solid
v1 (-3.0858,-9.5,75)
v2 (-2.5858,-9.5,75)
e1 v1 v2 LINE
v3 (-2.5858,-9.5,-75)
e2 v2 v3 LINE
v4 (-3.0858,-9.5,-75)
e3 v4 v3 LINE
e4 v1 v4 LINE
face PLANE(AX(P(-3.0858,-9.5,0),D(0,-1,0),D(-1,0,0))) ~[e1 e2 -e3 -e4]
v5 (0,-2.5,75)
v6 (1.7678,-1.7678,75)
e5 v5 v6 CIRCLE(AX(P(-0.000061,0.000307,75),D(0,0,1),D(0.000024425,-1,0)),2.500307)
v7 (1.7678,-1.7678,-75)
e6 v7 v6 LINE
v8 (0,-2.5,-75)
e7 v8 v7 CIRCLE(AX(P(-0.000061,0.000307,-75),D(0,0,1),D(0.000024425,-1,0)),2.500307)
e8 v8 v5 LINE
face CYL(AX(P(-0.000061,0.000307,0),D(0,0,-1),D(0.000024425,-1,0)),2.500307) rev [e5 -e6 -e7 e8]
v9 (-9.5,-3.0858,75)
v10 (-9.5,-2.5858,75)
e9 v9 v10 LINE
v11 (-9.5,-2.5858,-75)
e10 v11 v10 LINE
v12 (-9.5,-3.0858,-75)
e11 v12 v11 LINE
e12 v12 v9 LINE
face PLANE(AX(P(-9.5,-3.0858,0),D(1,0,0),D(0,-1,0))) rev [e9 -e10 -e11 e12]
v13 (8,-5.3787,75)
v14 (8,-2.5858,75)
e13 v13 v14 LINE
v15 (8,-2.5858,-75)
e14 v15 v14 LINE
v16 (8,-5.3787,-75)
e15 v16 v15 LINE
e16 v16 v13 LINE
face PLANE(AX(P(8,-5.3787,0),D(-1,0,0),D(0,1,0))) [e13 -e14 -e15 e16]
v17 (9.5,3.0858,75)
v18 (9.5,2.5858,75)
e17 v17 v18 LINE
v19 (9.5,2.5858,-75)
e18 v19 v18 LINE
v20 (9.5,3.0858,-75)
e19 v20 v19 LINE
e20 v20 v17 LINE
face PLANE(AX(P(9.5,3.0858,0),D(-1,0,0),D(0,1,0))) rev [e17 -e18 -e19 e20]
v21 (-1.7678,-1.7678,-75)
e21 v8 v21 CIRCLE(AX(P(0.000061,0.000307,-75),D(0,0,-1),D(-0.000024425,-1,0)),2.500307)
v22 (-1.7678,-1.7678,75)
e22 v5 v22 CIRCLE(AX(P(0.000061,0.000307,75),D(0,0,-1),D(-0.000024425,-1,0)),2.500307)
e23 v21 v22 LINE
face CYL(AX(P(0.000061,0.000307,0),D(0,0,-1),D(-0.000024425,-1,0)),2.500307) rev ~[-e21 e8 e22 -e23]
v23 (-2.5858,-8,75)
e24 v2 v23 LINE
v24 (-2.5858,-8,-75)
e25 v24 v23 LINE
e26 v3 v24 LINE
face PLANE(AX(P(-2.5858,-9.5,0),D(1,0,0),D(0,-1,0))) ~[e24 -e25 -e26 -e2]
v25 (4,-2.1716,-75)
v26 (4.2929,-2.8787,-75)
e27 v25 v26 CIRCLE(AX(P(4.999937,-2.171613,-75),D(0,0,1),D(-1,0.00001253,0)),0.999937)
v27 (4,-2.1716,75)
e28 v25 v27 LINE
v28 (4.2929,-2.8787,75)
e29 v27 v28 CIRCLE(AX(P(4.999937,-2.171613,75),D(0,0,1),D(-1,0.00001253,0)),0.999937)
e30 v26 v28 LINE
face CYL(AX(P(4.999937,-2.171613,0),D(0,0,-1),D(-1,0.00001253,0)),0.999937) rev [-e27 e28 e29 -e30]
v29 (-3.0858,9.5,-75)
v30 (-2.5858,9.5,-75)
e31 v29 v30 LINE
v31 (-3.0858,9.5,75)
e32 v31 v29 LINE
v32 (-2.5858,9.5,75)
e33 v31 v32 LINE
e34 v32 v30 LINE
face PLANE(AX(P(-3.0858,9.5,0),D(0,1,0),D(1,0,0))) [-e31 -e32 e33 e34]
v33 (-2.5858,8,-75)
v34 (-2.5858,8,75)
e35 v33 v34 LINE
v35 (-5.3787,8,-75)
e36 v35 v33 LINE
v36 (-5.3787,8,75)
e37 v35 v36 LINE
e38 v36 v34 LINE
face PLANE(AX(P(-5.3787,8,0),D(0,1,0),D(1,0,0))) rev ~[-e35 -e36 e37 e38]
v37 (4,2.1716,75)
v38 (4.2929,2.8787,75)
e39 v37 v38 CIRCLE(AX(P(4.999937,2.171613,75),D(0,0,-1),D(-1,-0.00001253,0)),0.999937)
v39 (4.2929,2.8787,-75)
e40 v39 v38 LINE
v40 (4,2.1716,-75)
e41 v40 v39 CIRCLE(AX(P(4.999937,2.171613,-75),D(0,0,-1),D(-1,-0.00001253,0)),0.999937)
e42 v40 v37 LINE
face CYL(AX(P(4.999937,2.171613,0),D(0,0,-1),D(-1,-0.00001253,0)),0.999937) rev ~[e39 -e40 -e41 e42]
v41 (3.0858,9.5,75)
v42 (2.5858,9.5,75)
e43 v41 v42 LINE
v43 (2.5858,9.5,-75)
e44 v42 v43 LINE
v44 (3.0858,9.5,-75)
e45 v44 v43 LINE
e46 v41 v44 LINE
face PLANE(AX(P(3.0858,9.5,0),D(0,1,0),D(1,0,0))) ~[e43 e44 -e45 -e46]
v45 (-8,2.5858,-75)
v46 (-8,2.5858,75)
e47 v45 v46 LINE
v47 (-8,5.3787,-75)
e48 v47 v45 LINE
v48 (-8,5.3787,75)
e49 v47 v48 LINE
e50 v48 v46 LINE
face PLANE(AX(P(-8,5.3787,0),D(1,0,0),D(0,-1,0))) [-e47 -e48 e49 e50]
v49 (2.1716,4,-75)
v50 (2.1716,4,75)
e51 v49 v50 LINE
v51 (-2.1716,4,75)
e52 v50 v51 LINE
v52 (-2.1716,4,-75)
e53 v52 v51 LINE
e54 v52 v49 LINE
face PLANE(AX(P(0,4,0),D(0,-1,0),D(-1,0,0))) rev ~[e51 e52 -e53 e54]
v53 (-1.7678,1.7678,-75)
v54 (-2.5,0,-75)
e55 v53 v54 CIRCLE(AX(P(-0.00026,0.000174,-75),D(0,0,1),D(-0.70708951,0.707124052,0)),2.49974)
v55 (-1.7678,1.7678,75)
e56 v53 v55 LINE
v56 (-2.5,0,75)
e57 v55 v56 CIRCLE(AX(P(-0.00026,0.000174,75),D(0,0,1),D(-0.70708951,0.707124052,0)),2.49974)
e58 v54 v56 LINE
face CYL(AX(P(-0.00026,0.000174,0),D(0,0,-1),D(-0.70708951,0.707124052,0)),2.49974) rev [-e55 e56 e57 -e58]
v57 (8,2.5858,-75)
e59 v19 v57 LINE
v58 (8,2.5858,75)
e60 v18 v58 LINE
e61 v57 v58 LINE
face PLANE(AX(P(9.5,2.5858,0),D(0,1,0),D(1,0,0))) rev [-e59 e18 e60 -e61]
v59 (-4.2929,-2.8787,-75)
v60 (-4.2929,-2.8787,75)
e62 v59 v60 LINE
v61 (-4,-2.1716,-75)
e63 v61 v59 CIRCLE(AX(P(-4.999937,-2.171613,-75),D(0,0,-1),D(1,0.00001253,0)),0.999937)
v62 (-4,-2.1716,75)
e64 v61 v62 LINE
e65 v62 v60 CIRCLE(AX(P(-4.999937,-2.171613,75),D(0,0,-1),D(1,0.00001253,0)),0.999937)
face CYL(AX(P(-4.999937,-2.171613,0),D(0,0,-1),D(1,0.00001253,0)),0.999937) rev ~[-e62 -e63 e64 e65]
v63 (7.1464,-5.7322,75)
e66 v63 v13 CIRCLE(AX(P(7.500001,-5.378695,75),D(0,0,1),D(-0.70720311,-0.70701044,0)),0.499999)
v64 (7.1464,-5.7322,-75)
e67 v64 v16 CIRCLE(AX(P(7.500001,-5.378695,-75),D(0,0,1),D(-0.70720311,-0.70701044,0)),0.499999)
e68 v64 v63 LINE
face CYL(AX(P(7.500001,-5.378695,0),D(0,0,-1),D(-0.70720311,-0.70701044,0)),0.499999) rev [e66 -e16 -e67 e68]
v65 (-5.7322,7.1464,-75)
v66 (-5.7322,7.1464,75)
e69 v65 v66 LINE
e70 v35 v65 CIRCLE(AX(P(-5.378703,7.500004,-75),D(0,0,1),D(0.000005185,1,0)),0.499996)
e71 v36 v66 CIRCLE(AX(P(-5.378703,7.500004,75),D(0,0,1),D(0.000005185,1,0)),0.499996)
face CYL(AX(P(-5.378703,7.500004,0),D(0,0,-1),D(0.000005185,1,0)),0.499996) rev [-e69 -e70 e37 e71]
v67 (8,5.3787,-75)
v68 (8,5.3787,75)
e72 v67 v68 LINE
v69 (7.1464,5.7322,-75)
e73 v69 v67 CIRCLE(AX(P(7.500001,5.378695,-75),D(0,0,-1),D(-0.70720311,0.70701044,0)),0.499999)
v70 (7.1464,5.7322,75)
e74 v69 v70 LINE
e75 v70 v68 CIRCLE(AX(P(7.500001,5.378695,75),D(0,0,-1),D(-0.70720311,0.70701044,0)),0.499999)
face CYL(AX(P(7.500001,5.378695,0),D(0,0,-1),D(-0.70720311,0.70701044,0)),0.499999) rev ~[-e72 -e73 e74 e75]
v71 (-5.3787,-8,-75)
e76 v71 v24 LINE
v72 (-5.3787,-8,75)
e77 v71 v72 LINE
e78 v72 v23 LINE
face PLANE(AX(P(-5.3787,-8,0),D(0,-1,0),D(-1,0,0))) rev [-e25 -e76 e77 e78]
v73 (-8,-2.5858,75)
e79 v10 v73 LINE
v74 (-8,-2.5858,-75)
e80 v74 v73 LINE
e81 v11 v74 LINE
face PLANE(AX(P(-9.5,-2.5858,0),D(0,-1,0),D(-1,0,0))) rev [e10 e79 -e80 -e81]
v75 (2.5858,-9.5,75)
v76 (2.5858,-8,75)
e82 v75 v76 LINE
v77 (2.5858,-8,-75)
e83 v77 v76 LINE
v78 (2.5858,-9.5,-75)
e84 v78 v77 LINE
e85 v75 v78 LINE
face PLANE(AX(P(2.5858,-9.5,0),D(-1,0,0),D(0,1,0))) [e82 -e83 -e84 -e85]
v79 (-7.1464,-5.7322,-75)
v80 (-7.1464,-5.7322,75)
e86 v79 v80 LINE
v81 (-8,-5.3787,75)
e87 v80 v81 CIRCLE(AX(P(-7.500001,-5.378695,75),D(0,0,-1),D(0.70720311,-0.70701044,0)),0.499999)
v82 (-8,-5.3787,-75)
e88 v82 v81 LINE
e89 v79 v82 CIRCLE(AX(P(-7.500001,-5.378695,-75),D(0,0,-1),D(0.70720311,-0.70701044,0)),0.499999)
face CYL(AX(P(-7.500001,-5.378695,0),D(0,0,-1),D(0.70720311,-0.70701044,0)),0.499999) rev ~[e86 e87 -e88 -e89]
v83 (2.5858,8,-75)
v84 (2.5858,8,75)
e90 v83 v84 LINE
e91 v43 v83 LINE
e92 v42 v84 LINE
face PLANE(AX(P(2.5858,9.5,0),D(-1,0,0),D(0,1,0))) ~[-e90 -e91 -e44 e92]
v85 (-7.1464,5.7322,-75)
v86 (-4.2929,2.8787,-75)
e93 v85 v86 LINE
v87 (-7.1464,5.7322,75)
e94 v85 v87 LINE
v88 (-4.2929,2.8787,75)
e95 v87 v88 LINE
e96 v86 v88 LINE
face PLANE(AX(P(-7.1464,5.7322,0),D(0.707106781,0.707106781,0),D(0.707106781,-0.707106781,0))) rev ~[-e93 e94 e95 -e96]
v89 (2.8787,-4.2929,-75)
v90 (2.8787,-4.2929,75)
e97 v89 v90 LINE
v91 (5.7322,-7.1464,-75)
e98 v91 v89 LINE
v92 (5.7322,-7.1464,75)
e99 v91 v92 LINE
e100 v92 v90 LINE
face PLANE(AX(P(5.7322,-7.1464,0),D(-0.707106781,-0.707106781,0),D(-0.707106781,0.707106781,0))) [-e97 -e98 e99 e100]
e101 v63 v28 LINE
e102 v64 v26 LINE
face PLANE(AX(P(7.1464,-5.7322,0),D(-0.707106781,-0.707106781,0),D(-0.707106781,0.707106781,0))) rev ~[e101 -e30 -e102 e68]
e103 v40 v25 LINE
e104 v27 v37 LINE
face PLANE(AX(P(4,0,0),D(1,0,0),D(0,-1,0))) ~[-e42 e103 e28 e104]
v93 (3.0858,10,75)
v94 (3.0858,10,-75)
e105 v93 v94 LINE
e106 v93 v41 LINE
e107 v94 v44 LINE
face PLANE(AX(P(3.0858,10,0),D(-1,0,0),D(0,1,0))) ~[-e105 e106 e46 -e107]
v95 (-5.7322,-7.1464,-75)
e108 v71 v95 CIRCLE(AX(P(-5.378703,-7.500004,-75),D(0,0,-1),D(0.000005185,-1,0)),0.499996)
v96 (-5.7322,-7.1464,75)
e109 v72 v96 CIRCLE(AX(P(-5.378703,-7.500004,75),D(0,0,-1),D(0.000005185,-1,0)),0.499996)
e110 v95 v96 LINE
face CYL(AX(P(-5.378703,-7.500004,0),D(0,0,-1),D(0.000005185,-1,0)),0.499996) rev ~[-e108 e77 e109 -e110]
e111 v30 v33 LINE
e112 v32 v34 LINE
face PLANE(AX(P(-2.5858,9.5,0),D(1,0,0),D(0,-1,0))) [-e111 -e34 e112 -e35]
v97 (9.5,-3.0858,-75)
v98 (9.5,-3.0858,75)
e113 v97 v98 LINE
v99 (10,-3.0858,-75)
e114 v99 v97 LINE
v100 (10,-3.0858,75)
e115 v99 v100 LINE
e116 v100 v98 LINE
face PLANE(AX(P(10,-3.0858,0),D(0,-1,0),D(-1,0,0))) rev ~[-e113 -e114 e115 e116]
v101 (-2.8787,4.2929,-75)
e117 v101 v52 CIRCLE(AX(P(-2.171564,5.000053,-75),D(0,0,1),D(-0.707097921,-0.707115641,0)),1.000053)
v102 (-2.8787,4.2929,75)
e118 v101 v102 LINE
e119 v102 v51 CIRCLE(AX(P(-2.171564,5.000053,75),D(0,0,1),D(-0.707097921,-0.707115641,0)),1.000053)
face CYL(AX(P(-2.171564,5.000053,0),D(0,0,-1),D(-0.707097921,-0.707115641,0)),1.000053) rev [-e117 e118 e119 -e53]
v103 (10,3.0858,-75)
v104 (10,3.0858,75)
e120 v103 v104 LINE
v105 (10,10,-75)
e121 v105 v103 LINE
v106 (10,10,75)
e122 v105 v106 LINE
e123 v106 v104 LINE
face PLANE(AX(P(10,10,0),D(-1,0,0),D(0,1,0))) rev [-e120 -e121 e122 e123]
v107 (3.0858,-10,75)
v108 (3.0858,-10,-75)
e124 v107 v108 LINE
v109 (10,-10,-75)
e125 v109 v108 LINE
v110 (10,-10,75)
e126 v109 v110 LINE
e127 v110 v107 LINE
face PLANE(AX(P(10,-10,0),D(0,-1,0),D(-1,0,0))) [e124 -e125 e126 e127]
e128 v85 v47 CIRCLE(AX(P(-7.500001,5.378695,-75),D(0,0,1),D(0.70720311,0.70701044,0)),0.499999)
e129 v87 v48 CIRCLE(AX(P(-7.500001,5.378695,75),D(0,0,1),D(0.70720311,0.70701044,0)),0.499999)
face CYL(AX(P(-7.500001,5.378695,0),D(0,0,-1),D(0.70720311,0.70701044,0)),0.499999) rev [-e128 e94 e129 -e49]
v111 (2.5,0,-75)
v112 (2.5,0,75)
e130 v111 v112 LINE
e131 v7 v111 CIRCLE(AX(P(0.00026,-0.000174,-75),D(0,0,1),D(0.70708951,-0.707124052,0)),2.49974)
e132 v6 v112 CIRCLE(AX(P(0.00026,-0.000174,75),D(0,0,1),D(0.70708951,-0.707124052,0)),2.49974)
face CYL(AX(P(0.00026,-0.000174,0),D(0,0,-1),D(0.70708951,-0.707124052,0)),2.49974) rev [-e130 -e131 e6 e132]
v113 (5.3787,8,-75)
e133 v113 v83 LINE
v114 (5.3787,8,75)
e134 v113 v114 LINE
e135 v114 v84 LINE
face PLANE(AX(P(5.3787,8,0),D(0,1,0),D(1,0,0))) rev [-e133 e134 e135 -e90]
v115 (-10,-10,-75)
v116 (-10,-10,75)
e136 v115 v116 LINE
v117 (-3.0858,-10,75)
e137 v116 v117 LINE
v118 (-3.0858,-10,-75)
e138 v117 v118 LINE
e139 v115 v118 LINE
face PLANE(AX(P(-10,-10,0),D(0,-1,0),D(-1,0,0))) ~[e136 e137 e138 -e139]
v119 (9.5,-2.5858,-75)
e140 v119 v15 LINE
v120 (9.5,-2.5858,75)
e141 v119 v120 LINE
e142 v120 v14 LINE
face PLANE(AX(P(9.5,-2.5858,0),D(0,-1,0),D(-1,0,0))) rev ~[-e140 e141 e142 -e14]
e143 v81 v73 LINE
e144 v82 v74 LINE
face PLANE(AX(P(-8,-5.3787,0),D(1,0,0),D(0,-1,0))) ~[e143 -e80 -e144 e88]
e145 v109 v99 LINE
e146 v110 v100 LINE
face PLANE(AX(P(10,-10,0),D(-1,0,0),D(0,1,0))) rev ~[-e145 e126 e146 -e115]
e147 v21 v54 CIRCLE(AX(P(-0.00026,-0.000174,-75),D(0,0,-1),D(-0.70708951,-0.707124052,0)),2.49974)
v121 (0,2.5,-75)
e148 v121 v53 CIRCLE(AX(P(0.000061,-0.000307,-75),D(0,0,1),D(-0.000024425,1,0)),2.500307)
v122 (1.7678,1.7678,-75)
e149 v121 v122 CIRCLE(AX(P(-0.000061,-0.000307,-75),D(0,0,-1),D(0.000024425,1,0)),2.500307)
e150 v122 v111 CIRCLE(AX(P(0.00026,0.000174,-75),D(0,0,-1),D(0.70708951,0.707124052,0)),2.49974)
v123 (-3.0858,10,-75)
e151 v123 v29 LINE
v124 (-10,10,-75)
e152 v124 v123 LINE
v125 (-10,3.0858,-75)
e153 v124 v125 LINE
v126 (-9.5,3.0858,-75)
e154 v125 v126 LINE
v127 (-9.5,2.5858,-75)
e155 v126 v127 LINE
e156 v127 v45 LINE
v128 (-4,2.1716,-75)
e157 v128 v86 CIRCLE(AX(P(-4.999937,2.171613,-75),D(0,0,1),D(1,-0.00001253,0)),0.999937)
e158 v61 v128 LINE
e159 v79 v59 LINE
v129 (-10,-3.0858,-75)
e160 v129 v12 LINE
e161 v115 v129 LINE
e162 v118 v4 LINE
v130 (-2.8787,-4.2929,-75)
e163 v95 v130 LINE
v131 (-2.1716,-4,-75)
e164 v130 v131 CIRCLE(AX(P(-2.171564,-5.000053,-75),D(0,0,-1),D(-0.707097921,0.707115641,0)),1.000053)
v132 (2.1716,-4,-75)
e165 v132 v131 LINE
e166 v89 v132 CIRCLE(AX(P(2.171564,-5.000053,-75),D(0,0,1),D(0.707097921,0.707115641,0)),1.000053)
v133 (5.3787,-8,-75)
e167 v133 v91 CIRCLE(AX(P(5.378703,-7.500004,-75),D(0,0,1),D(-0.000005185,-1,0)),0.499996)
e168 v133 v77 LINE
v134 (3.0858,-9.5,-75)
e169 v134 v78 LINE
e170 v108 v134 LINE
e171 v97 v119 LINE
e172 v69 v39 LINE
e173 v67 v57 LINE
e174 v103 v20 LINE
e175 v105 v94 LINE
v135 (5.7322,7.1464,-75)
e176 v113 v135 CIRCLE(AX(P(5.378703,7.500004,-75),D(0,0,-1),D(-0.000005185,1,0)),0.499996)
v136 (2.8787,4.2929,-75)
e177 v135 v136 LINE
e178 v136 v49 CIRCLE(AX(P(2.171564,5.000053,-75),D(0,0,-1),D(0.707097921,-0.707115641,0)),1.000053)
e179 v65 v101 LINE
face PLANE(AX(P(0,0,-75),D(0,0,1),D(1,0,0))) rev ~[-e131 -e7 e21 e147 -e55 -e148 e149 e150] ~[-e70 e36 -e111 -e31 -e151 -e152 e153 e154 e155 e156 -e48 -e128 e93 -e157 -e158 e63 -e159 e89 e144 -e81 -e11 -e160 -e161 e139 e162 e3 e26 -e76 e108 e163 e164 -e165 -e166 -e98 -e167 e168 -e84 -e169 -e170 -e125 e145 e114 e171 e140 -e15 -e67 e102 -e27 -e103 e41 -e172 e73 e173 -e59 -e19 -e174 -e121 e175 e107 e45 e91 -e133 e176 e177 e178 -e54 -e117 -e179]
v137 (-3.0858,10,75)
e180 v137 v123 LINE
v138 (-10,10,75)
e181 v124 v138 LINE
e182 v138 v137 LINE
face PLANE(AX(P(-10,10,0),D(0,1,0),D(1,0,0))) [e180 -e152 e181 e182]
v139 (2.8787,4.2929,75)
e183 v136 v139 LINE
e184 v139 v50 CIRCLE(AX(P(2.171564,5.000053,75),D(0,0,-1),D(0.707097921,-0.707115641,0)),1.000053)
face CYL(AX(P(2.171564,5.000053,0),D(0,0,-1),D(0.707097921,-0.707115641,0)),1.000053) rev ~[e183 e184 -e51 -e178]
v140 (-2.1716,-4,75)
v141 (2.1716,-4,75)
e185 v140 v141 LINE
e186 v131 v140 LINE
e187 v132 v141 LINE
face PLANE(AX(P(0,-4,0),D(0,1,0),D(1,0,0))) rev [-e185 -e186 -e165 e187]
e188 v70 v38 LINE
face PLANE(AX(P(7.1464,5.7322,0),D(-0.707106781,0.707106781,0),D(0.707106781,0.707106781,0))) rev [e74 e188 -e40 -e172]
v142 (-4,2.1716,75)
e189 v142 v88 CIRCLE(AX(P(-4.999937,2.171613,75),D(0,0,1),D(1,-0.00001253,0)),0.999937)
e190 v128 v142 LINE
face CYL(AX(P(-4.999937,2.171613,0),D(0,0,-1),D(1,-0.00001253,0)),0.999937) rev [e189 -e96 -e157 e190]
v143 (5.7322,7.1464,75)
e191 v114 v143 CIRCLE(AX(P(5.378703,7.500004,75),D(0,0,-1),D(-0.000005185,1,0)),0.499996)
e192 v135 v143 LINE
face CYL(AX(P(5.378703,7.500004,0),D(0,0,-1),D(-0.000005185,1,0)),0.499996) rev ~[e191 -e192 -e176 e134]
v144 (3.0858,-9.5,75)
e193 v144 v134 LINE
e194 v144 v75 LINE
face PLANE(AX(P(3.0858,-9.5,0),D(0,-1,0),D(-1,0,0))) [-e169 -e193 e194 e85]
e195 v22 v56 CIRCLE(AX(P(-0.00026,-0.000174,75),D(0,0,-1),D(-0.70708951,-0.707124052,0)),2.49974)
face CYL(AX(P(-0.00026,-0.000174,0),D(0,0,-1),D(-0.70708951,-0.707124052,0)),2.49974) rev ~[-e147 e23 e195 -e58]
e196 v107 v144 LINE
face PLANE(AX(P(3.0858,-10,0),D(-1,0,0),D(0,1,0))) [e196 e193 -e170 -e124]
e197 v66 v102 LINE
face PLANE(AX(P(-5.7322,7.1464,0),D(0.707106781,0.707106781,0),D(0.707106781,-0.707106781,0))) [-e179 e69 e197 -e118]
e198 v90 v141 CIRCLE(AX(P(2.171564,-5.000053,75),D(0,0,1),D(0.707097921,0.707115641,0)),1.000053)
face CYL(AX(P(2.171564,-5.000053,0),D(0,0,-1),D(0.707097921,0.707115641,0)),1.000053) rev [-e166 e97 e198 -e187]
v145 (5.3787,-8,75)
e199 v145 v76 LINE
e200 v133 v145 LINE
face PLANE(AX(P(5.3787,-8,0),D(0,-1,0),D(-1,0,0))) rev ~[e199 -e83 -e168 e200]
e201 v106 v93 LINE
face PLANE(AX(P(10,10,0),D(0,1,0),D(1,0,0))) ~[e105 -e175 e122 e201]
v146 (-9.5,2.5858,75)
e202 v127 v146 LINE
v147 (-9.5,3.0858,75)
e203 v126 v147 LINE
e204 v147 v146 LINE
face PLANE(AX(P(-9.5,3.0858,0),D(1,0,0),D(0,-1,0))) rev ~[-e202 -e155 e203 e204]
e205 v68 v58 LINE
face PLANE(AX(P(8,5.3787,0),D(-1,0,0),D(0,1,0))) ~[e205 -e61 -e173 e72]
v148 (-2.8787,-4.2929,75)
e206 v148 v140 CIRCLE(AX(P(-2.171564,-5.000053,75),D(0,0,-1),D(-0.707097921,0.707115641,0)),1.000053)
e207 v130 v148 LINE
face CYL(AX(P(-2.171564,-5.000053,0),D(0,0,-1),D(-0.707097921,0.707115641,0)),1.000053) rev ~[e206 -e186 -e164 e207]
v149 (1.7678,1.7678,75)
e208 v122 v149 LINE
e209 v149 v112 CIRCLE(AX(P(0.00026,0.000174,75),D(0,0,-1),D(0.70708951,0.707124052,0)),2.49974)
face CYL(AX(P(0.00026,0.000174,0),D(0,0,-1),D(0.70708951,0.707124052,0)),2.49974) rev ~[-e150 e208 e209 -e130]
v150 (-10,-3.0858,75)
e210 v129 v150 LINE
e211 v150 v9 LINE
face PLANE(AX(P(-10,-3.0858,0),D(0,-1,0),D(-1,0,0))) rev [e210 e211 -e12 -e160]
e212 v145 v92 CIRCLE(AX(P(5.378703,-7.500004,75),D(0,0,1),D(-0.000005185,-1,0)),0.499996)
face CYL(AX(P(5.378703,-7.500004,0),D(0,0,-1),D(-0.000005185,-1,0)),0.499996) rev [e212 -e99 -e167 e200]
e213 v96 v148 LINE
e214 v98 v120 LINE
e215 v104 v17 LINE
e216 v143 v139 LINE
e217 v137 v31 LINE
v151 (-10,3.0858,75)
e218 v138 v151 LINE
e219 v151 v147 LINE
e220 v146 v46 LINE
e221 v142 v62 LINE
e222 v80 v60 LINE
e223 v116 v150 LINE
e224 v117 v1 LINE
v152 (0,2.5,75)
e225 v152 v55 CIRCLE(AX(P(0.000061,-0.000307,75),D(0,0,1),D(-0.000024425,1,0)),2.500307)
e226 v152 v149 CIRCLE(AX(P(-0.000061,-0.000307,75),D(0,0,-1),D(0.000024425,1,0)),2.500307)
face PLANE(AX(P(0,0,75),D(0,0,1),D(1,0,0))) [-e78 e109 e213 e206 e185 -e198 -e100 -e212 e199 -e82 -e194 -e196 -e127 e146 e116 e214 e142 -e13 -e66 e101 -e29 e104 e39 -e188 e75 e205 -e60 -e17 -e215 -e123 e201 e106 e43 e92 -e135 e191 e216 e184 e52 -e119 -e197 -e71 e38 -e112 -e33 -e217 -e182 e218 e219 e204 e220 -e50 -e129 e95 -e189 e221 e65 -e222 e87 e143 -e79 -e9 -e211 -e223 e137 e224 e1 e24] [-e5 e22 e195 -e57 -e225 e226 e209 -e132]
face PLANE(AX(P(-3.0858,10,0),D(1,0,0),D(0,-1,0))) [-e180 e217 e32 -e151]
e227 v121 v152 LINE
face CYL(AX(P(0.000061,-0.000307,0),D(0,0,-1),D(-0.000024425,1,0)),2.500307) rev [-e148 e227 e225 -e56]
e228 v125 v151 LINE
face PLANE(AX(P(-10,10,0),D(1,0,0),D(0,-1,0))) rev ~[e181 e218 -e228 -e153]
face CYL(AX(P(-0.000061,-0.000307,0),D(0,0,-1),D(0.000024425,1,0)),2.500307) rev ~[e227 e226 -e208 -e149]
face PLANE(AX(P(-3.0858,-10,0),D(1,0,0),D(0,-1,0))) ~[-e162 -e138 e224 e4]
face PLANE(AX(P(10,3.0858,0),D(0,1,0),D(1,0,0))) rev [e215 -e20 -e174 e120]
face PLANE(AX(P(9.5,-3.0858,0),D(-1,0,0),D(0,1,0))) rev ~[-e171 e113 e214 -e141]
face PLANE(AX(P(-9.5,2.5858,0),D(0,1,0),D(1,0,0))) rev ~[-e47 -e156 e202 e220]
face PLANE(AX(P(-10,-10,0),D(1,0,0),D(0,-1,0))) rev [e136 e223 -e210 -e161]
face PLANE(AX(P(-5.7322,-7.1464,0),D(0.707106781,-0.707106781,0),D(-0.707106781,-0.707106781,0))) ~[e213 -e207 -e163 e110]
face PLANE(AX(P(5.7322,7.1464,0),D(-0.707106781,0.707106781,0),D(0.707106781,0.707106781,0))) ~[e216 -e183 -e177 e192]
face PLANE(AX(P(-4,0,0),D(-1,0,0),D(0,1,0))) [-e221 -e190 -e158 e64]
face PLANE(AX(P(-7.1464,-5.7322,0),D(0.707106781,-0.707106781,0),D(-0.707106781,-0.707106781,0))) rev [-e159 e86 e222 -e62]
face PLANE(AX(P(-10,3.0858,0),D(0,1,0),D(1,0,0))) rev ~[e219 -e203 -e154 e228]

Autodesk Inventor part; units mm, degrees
sketch "Sketch1" plane through (0, 0, 0) normal (0, 0, 1) x (1, 0, 0)
  line L0 (-10, 10) -> (10, 10) construction
  circle A0 centre (0, 0) radius 2.5 construction
  line L1 (4, 4) -> (-4, 4) construction
  line L2 (0, 0) -> (-10, 10) construction
  line L3 (-2.5858, 4) -> (-6.5858, 8) construction
  line L4 (-10, 10) -> (-4, 4)
  line L5 (-6.5858, 8) -> (-2.5858, 8) construction
  line L6 (-2.5858, 8) -> (-2.5858, 10) construction
  line L7 (-2.5858, 10) -> (-3.0858, 10) construction
  line L8 (-3.0858, 10) -> (-3.0858, 9.5)
  line L9 (-3.0858, 9.5) -> (-2.5858, 9.5)
  line L10 (-2.5858, 9.5) -> (-2.5858, 10) construction
  line L11 (-2.5858, 9.5) -> (-2.5858, 8)
  line L12 (-10, 10) -> (-3.0858, 10)
  line L13 (-4, 4) -> (-4, 0) construction
  line L14 (-10, 10) -> (-16.9142, 10)
  line L15 (0, 4) -> (-2.5858, 4)
  arc A1 (0, 2.5) -> (-1.7678, 1.7678) centre (0, 0) ccw
  line L16 (-4, 4) -> (-1.7678, 1.7678)
  line L17 (0, 4) -> (0, 2.5)
  circle A2 centre (0, 0) radius 2.5 construction
  line L18 (-4, -4) -> (-4, 4) construction
  line L19 (-4, 2.5858) -> (-8, 6.5858) construction
  line L20 (-8, 6.5858) -> (-8, 2.5858) construction
  line L21 (-8, 2.5858) -> (-10, 2.5858) construction
  line L22 (-10, 2.5858) -> (-10, 3.0858) construction
  line L23 (-10, 3.0858) -> (-9.5, 3.0858)
  line L24 (-9.5, 3.0858) -> (-9.5, 2.5858)
  line L25 (-9.5, 2.5858) -> (-10, 2.5858) construction
  line L26 (-9.5, 2.5858) -> (-8, 2.5858)
  line L27 (-10, 10) -> (-10, 3.0858)
  line L28 (-4, 4) -> (0, 4) construction
  line L29 (-10, 10) -> (-10, 16.9142)
  line L30 (-4, 0) -> (-4, 2.5858)
  arc A3 (-1.7678, 1.7678) -> (-2.5, 0) centre (0, 0) ccw
  line L31 (-4, 0) -> (-2.5, 0)
  arc A4 (-5.3787, 8) -> (-5.7322, 7.1464) centre (-5.3787, 7.5) ccw
  arc A5 (-7.1464, 5.7322) -> (-8, 5.3787) centre (-7.5, 5.3787) ccw
  arc A6 (-2.8787, 4.2929) -> (-2.1716, 4) centre (-2.1716, 5) ccw
  arc A7 (-4, 2.1716) -> (-4.2929, 2.8787) centre (-5, 2.1716) ccw
  line L32 (-8, 5.3787) -> (-8, 2.5858)
  line L33 (-7.1464, 5.7322) -> (-4.2929, 2.8787)
  line L34 (-5.7322, 7.1464) -> (-2.8787, 4.2929)
  line L35 (-5.3787, 8) -> (-2.5858, 8)
  point P0 (0, 10)
  point P1 (-10, 0)
  point P2 (-2.1716, 4)
  dimension "d0" = 20
  dimension "d1" = 10
  dimension "d2" = 5
  dimension "d3" = 6
  dimension "d20" = 1
  dimension "d21" = 2
  dimension "d25" = 0.5
  dimension "d38" = 0.5
  dimension "d39" = 1
extrude "Extrusion1" add sketch "Sketch1" along normal mid plane 150
mirror "Mirror1" about plane through (0, 0, 0) normal (1, 0, 0) of "Extrusion1"
mirror "Mirror2" about plane through (0, 0, 0) normal (0, 1, 0) of "Extrusion1", "Mirror1"
sketch "Sketch2" plane through (0, 0, 0) normal (0, 0, 1) x (1, 0, 0)
  point P0 (0, 0)
equation "\"d1\" = 0.5 * d0"
properties part number "Perfil 20_500"
